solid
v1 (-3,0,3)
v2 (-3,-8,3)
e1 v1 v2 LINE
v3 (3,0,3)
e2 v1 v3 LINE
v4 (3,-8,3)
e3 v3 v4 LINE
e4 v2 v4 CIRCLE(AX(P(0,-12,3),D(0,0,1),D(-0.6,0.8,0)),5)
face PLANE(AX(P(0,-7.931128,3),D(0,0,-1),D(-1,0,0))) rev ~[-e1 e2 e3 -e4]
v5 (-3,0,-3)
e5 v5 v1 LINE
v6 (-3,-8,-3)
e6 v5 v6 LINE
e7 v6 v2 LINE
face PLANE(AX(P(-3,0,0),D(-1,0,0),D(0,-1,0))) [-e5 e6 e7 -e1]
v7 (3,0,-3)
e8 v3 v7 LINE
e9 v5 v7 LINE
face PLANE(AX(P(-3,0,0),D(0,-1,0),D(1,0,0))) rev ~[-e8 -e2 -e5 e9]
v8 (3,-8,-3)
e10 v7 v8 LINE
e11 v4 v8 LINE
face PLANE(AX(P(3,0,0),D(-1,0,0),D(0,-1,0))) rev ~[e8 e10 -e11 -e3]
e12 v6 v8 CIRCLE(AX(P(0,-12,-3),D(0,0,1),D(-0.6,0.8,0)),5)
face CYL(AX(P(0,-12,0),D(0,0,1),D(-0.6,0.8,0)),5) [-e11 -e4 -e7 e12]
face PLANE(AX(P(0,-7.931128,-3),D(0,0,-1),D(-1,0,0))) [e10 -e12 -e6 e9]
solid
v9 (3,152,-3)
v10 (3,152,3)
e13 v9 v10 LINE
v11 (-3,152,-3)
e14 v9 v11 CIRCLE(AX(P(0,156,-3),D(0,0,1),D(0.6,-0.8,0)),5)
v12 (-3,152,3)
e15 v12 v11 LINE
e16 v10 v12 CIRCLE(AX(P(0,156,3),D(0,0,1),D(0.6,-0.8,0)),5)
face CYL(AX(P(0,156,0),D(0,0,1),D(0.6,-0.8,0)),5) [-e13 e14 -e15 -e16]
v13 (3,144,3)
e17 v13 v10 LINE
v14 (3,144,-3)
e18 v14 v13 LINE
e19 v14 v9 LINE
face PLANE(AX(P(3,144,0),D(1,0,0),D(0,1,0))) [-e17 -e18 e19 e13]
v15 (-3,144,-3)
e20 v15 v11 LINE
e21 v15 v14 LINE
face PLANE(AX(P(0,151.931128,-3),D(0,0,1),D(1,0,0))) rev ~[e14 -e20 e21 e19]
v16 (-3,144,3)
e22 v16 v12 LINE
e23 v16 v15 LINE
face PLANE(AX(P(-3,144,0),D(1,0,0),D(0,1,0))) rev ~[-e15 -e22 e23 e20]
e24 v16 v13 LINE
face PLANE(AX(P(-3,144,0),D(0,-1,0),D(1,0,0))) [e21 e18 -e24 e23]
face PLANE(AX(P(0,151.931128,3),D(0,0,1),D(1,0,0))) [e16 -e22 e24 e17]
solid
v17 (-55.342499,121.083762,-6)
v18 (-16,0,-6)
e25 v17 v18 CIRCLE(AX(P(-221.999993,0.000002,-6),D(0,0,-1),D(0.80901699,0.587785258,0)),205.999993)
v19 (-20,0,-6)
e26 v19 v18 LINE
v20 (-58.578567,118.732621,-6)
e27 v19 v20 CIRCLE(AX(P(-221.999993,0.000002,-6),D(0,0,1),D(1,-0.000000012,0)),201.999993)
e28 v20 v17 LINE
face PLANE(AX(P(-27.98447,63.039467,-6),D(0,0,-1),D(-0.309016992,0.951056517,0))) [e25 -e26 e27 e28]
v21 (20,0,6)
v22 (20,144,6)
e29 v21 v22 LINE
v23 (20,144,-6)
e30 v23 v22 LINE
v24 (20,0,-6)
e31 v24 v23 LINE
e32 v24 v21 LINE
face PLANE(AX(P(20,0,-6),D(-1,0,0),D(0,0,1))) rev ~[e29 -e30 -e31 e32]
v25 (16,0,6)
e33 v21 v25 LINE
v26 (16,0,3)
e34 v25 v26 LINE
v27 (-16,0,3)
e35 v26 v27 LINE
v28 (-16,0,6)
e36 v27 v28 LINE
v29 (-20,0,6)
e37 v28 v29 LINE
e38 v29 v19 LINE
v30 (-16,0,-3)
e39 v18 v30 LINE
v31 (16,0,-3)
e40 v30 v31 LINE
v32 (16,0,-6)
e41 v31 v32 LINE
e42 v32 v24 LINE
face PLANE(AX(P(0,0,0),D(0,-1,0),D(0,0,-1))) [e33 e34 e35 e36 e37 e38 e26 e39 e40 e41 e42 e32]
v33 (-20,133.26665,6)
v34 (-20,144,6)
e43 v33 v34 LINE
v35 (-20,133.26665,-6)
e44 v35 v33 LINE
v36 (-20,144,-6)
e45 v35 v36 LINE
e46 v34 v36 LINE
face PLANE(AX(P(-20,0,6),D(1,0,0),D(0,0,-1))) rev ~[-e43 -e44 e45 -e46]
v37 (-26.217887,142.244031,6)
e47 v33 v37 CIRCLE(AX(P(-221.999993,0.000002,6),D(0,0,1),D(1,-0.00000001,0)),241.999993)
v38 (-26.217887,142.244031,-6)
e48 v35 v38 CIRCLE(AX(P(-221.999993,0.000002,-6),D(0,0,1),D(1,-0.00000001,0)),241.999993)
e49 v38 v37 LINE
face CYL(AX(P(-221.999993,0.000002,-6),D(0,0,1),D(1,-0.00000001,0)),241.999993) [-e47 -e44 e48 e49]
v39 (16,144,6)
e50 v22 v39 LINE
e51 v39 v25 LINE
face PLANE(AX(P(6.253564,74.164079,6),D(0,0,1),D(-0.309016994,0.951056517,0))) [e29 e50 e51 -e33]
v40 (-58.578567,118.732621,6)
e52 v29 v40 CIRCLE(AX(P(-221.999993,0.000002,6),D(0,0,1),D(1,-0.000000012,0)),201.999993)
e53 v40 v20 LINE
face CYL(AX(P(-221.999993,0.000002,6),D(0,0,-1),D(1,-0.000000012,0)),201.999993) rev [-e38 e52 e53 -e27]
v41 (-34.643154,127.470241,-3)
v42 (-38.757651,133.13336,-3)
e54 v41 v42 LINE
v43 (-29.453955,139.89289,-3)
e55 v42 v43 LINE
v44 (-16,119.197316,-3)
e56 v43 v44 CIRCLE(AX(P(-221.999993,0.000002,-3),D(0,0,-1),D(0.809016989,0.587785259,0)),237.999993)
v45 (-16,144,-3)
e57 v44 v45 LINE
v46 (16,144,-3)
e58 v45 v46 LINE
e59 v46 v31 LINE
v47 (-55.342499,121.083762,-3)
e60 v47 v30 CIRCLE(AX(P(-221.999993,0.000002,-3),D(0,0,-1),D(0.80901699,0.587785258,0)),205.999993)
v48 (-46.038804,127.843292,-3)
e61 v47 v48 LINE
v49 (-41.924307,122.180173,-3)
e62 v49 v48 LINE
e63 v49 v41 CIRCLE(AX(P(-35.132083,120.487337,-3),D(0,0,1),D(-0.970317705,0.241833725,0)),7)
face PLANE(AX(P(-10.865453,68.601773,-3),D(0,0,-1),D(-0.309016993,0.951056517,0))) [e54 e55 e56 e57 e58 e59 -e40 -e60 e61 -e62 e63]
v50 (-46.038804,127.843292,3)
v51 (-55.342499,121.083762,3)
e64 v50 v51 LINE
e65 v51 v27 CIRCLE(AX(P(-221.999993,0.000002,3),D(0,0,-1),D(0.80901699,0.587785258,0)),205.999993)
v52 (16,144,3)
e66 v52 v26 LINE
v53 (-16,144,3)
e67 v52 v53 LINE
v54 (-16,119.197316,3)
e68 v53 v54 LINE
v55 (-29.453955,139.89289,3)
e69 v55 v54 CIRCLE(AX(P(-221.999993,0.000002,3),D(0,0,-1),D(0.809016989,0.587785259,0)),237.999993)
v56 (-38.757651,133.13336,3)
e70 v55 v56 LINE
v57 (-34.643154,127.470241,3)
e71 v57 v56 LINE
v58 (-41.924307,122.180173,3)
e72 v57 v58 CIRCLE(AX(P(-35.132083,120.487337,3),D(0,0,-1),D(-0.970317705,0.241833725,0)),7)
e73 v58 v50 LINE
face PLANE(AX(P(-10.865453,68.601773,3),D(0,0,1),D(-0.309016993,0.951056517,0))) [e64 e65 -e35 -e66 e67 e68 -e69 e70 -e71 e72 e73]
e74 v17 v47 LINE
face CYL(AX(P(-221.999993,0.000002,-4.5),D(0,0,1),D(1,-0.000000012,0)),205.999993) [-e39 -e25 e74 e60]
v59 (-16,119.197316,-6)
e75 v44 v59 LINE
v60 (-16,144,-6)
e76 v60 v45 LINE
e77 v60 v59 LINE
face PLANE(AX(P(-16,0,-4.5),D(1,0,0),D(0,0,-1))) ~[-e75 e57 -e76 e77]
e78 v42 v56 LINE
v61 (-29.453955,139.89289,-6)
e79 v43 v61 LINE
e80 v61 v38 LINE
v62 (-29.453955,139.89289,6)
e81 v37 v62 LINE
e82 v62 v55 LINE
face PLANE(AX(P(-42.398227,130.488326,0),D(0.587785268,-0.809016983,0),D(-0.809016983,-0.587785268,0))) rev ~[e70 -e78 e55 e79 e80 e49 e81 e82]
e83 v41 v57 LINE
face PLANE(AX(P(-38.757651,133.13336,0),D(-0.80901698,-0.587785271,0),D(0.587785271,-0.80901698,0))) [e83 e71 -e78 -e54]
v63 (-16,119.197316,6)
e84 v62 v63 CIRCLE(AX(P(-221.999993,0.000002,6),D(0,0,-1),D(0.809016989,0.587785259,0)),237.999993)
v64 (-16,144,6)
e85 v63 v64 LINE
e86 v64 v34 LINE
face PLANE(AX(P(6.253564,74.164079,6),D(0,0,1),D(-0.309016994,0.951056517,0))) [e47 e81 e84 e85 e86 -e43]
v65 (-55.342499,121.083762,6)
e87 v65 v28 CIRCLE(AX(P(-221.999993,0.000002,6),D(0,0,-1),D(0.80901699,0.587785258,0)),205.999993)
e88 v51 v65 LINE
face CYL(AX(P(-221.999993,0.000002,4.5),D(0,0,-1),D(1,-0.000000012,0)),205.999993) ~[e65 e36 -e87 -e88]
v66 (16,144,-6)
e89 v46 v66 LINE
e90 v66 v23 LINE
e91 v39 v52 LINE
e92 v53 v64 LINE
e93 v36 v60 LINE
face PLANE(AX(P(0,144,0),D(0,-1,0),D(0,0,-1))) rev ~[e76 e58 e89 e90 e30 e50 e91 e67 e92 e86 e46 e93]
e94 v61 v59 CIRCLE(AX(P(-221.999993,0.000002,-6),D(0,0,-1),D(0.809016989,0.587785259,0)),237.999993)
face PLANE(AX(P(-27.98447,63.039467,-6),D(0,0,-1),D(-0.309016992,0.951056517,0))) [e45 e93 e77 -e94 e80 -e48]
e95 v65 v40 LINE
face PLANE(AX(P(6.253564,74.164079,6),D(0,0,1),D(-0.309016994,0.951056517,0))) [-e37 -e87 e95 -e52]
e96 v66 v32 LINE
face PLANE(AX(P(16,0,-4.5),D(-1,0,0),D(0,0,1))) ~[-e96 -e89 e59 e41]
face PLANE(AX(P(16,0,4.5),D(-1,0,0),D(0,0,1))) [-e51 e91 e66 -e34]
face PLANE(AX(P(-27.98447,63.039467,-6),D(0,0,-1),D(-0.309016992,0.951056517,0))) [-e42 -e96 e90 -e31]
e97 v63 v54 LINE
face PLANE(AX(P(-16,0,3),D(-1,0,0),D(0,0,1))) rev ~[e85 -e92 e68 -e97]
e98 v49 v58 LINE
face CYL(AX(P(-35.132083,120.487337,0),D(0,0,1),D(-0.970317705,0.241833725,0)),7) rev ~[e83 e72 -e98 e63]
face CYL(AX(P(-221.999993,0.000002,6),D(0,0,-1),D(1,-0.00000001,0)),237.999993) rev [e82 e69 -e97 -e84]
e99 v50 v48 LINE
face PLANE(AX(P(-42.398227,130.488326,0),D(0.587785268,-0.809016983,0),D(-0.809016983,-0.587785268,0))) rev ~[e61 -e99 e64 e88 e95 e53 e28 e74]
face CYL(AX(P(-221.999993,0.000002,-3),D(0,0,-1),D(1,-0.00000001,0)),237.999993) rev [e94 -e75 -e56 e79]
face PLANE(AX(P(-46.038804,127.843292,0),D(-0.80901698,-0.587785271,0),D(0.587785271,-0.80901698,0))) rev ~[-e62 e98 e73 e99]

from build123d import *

# Parameters (mm, degrees)
SKETCH013_W       = 32
SKETCH013_H       = 3
POCKET_DEPTH      = 6.001
POCKET_DEPTH_BACK = -6.001
PAD_DEPTH         = 3
PAD001_DEPTH      = 3


with BuildPart() as body:
    # AdditivePipe: sweep along a path in Sketch002
    with BuildLine(Plane.XY) as additivepipe_path:
        ThreePointArc((0, 0), (-10.865453, 68.601773), (-42.398227, 130.488326))
    # Sketch → AdditivePipe (sweep)
    with BuildSketch(Plane.XZ):
        Polygon((-20, 6), (-20, -6), (-16, -6), (-16, -3), (-9, -3), (9, -3), (16, -3), (16, -6), (20, -6), (20, 6), (16, 6), (16, 3), (9, 3), (-9, 3), (-16, 3), (-16, 6), align=None)
    sweep(path=additivepipe_path.line)

    # AdditivePipe001: sweep along a path in Sketch001
    with BuildLine(Plane.XY) as additivepipe001_path:
        Line((0, 0), (0, 144))
    # Sketch → AdditivePipe001 (sweep)
    with BuildSketch(Plane.XZ):
        Polygon((-20, 6), (-20, -6), (-16, -6), (-16, -3), (-9, -3), (9, -3), (16, -3), (16, -6), (20, -6), (20, 6), (16, 6), (16, 3), (9, 3), (-9, 3), (-16, 3), (-16, 6), align=None)
    sweep(path=additivepipe001_path.line)

    # SubtractivePipe: sweep along a path in Sketch002
    with BuildLine(Plane.XY) as subtractivepipe_path:
        ThreePointArc((0, 0), (-10.865453, 68.601773), (-42.398227, 130.488326))
    # Sketch013 (on Face1 of AdditivePipe001) → SubtractivePipe (sweep, cut)
    with BuildSketch(Plane.XZ):
        with Locations((0, 4.5)):
            Rectangle(SKETCH013_W, SKETCH013_H)
    subtractivepipe = sweep(path=subtractivepipe_path.line, mode=Mode.SUBTRACT)

    # SubtractivePipe001: sweep along a path in Sketch001
    with BuildLine(Plane.XY) as subtractivepipe001_path:
        Line((0, 0), (0, 144))
    # Sketch013 (on Face1 of AdditivePipe001) → SubtractivePipe001 (sweep, cut)
    with BuildSketch(Plane.XZ):
        with Locations((0, 4.5)):
            Rectangle(SKETCH013_W, SKETCH013_H)
    subtractivepipe001 = sweep(path=subtractivepipe001_path.line, mode=Mode.SUBTRACT)

    # Mirrored: SubtractivePipe across XY
    add(subtractivepipe.mirror(Plane.XY), mode=Mode.SUBTRACT)

    # Mirrored001: SubtractivePipe001 across XY
    add(subtractivepipe001.mirror(Plane.XY), mode=Mode.SUBTRACT)

    # Sketch015 → Pocket (cut, two sides)
    with BuildSketch(Plane.XY) as pocket_sk:
        with BuildLine():
            Line((-46.038804, 127.843292), (-38.757651, 133.13336))
            Line((-38.757651, 133.13336), (-34.643154, 127.470241))
            ThreePointArc((-41.924307, 122.180173), (-31.017586, 114.824218), (-34.643154, 127.470241))
            Line((-46.038804, 127.843292), (-41.924307, 122.180173))
        make_face()
    extrude(amount=-POCKET_DEPTH, mode=Mode.SUBTRACT)
    extrude(pocket_sk.sketch, amount=-POCKET_DEPTH_BACK, mode=Mode.SUBTRACT)


with BuildPart() as body001:
    # Sketch008 → Pad (new body, symmetric)
    with BuildSketch(Plane.XY):
        with BuildLine():
            Line((-3, 0), (3, 0))
            Line((3, 0), (3, -8))
            ThreePointArc((-3, -8), (0, -17), (3, -8))
            Line((-3, 0), (-3, -8))
        make_face()
    extrude(amount=PAD_DEPTH, both=True)


with BuildPart() as body002:
    # Sketch011 → Pad001 (new body, symmetric)
    with BuildSketch(Plane.XY):
        with BuildLine():
            Line((-3, 144), (3, 144))
            Line((3, 144), (3, 152))
            ThreePointArc((3, 152), (0, 161), (-3, 152))
            Line((-3, 144), (-3, 152))
        make_face()
    extrude(amount=PAD001_DEPTH, both=True)


solid = Compound([body.part, body001.part, body002.part])
